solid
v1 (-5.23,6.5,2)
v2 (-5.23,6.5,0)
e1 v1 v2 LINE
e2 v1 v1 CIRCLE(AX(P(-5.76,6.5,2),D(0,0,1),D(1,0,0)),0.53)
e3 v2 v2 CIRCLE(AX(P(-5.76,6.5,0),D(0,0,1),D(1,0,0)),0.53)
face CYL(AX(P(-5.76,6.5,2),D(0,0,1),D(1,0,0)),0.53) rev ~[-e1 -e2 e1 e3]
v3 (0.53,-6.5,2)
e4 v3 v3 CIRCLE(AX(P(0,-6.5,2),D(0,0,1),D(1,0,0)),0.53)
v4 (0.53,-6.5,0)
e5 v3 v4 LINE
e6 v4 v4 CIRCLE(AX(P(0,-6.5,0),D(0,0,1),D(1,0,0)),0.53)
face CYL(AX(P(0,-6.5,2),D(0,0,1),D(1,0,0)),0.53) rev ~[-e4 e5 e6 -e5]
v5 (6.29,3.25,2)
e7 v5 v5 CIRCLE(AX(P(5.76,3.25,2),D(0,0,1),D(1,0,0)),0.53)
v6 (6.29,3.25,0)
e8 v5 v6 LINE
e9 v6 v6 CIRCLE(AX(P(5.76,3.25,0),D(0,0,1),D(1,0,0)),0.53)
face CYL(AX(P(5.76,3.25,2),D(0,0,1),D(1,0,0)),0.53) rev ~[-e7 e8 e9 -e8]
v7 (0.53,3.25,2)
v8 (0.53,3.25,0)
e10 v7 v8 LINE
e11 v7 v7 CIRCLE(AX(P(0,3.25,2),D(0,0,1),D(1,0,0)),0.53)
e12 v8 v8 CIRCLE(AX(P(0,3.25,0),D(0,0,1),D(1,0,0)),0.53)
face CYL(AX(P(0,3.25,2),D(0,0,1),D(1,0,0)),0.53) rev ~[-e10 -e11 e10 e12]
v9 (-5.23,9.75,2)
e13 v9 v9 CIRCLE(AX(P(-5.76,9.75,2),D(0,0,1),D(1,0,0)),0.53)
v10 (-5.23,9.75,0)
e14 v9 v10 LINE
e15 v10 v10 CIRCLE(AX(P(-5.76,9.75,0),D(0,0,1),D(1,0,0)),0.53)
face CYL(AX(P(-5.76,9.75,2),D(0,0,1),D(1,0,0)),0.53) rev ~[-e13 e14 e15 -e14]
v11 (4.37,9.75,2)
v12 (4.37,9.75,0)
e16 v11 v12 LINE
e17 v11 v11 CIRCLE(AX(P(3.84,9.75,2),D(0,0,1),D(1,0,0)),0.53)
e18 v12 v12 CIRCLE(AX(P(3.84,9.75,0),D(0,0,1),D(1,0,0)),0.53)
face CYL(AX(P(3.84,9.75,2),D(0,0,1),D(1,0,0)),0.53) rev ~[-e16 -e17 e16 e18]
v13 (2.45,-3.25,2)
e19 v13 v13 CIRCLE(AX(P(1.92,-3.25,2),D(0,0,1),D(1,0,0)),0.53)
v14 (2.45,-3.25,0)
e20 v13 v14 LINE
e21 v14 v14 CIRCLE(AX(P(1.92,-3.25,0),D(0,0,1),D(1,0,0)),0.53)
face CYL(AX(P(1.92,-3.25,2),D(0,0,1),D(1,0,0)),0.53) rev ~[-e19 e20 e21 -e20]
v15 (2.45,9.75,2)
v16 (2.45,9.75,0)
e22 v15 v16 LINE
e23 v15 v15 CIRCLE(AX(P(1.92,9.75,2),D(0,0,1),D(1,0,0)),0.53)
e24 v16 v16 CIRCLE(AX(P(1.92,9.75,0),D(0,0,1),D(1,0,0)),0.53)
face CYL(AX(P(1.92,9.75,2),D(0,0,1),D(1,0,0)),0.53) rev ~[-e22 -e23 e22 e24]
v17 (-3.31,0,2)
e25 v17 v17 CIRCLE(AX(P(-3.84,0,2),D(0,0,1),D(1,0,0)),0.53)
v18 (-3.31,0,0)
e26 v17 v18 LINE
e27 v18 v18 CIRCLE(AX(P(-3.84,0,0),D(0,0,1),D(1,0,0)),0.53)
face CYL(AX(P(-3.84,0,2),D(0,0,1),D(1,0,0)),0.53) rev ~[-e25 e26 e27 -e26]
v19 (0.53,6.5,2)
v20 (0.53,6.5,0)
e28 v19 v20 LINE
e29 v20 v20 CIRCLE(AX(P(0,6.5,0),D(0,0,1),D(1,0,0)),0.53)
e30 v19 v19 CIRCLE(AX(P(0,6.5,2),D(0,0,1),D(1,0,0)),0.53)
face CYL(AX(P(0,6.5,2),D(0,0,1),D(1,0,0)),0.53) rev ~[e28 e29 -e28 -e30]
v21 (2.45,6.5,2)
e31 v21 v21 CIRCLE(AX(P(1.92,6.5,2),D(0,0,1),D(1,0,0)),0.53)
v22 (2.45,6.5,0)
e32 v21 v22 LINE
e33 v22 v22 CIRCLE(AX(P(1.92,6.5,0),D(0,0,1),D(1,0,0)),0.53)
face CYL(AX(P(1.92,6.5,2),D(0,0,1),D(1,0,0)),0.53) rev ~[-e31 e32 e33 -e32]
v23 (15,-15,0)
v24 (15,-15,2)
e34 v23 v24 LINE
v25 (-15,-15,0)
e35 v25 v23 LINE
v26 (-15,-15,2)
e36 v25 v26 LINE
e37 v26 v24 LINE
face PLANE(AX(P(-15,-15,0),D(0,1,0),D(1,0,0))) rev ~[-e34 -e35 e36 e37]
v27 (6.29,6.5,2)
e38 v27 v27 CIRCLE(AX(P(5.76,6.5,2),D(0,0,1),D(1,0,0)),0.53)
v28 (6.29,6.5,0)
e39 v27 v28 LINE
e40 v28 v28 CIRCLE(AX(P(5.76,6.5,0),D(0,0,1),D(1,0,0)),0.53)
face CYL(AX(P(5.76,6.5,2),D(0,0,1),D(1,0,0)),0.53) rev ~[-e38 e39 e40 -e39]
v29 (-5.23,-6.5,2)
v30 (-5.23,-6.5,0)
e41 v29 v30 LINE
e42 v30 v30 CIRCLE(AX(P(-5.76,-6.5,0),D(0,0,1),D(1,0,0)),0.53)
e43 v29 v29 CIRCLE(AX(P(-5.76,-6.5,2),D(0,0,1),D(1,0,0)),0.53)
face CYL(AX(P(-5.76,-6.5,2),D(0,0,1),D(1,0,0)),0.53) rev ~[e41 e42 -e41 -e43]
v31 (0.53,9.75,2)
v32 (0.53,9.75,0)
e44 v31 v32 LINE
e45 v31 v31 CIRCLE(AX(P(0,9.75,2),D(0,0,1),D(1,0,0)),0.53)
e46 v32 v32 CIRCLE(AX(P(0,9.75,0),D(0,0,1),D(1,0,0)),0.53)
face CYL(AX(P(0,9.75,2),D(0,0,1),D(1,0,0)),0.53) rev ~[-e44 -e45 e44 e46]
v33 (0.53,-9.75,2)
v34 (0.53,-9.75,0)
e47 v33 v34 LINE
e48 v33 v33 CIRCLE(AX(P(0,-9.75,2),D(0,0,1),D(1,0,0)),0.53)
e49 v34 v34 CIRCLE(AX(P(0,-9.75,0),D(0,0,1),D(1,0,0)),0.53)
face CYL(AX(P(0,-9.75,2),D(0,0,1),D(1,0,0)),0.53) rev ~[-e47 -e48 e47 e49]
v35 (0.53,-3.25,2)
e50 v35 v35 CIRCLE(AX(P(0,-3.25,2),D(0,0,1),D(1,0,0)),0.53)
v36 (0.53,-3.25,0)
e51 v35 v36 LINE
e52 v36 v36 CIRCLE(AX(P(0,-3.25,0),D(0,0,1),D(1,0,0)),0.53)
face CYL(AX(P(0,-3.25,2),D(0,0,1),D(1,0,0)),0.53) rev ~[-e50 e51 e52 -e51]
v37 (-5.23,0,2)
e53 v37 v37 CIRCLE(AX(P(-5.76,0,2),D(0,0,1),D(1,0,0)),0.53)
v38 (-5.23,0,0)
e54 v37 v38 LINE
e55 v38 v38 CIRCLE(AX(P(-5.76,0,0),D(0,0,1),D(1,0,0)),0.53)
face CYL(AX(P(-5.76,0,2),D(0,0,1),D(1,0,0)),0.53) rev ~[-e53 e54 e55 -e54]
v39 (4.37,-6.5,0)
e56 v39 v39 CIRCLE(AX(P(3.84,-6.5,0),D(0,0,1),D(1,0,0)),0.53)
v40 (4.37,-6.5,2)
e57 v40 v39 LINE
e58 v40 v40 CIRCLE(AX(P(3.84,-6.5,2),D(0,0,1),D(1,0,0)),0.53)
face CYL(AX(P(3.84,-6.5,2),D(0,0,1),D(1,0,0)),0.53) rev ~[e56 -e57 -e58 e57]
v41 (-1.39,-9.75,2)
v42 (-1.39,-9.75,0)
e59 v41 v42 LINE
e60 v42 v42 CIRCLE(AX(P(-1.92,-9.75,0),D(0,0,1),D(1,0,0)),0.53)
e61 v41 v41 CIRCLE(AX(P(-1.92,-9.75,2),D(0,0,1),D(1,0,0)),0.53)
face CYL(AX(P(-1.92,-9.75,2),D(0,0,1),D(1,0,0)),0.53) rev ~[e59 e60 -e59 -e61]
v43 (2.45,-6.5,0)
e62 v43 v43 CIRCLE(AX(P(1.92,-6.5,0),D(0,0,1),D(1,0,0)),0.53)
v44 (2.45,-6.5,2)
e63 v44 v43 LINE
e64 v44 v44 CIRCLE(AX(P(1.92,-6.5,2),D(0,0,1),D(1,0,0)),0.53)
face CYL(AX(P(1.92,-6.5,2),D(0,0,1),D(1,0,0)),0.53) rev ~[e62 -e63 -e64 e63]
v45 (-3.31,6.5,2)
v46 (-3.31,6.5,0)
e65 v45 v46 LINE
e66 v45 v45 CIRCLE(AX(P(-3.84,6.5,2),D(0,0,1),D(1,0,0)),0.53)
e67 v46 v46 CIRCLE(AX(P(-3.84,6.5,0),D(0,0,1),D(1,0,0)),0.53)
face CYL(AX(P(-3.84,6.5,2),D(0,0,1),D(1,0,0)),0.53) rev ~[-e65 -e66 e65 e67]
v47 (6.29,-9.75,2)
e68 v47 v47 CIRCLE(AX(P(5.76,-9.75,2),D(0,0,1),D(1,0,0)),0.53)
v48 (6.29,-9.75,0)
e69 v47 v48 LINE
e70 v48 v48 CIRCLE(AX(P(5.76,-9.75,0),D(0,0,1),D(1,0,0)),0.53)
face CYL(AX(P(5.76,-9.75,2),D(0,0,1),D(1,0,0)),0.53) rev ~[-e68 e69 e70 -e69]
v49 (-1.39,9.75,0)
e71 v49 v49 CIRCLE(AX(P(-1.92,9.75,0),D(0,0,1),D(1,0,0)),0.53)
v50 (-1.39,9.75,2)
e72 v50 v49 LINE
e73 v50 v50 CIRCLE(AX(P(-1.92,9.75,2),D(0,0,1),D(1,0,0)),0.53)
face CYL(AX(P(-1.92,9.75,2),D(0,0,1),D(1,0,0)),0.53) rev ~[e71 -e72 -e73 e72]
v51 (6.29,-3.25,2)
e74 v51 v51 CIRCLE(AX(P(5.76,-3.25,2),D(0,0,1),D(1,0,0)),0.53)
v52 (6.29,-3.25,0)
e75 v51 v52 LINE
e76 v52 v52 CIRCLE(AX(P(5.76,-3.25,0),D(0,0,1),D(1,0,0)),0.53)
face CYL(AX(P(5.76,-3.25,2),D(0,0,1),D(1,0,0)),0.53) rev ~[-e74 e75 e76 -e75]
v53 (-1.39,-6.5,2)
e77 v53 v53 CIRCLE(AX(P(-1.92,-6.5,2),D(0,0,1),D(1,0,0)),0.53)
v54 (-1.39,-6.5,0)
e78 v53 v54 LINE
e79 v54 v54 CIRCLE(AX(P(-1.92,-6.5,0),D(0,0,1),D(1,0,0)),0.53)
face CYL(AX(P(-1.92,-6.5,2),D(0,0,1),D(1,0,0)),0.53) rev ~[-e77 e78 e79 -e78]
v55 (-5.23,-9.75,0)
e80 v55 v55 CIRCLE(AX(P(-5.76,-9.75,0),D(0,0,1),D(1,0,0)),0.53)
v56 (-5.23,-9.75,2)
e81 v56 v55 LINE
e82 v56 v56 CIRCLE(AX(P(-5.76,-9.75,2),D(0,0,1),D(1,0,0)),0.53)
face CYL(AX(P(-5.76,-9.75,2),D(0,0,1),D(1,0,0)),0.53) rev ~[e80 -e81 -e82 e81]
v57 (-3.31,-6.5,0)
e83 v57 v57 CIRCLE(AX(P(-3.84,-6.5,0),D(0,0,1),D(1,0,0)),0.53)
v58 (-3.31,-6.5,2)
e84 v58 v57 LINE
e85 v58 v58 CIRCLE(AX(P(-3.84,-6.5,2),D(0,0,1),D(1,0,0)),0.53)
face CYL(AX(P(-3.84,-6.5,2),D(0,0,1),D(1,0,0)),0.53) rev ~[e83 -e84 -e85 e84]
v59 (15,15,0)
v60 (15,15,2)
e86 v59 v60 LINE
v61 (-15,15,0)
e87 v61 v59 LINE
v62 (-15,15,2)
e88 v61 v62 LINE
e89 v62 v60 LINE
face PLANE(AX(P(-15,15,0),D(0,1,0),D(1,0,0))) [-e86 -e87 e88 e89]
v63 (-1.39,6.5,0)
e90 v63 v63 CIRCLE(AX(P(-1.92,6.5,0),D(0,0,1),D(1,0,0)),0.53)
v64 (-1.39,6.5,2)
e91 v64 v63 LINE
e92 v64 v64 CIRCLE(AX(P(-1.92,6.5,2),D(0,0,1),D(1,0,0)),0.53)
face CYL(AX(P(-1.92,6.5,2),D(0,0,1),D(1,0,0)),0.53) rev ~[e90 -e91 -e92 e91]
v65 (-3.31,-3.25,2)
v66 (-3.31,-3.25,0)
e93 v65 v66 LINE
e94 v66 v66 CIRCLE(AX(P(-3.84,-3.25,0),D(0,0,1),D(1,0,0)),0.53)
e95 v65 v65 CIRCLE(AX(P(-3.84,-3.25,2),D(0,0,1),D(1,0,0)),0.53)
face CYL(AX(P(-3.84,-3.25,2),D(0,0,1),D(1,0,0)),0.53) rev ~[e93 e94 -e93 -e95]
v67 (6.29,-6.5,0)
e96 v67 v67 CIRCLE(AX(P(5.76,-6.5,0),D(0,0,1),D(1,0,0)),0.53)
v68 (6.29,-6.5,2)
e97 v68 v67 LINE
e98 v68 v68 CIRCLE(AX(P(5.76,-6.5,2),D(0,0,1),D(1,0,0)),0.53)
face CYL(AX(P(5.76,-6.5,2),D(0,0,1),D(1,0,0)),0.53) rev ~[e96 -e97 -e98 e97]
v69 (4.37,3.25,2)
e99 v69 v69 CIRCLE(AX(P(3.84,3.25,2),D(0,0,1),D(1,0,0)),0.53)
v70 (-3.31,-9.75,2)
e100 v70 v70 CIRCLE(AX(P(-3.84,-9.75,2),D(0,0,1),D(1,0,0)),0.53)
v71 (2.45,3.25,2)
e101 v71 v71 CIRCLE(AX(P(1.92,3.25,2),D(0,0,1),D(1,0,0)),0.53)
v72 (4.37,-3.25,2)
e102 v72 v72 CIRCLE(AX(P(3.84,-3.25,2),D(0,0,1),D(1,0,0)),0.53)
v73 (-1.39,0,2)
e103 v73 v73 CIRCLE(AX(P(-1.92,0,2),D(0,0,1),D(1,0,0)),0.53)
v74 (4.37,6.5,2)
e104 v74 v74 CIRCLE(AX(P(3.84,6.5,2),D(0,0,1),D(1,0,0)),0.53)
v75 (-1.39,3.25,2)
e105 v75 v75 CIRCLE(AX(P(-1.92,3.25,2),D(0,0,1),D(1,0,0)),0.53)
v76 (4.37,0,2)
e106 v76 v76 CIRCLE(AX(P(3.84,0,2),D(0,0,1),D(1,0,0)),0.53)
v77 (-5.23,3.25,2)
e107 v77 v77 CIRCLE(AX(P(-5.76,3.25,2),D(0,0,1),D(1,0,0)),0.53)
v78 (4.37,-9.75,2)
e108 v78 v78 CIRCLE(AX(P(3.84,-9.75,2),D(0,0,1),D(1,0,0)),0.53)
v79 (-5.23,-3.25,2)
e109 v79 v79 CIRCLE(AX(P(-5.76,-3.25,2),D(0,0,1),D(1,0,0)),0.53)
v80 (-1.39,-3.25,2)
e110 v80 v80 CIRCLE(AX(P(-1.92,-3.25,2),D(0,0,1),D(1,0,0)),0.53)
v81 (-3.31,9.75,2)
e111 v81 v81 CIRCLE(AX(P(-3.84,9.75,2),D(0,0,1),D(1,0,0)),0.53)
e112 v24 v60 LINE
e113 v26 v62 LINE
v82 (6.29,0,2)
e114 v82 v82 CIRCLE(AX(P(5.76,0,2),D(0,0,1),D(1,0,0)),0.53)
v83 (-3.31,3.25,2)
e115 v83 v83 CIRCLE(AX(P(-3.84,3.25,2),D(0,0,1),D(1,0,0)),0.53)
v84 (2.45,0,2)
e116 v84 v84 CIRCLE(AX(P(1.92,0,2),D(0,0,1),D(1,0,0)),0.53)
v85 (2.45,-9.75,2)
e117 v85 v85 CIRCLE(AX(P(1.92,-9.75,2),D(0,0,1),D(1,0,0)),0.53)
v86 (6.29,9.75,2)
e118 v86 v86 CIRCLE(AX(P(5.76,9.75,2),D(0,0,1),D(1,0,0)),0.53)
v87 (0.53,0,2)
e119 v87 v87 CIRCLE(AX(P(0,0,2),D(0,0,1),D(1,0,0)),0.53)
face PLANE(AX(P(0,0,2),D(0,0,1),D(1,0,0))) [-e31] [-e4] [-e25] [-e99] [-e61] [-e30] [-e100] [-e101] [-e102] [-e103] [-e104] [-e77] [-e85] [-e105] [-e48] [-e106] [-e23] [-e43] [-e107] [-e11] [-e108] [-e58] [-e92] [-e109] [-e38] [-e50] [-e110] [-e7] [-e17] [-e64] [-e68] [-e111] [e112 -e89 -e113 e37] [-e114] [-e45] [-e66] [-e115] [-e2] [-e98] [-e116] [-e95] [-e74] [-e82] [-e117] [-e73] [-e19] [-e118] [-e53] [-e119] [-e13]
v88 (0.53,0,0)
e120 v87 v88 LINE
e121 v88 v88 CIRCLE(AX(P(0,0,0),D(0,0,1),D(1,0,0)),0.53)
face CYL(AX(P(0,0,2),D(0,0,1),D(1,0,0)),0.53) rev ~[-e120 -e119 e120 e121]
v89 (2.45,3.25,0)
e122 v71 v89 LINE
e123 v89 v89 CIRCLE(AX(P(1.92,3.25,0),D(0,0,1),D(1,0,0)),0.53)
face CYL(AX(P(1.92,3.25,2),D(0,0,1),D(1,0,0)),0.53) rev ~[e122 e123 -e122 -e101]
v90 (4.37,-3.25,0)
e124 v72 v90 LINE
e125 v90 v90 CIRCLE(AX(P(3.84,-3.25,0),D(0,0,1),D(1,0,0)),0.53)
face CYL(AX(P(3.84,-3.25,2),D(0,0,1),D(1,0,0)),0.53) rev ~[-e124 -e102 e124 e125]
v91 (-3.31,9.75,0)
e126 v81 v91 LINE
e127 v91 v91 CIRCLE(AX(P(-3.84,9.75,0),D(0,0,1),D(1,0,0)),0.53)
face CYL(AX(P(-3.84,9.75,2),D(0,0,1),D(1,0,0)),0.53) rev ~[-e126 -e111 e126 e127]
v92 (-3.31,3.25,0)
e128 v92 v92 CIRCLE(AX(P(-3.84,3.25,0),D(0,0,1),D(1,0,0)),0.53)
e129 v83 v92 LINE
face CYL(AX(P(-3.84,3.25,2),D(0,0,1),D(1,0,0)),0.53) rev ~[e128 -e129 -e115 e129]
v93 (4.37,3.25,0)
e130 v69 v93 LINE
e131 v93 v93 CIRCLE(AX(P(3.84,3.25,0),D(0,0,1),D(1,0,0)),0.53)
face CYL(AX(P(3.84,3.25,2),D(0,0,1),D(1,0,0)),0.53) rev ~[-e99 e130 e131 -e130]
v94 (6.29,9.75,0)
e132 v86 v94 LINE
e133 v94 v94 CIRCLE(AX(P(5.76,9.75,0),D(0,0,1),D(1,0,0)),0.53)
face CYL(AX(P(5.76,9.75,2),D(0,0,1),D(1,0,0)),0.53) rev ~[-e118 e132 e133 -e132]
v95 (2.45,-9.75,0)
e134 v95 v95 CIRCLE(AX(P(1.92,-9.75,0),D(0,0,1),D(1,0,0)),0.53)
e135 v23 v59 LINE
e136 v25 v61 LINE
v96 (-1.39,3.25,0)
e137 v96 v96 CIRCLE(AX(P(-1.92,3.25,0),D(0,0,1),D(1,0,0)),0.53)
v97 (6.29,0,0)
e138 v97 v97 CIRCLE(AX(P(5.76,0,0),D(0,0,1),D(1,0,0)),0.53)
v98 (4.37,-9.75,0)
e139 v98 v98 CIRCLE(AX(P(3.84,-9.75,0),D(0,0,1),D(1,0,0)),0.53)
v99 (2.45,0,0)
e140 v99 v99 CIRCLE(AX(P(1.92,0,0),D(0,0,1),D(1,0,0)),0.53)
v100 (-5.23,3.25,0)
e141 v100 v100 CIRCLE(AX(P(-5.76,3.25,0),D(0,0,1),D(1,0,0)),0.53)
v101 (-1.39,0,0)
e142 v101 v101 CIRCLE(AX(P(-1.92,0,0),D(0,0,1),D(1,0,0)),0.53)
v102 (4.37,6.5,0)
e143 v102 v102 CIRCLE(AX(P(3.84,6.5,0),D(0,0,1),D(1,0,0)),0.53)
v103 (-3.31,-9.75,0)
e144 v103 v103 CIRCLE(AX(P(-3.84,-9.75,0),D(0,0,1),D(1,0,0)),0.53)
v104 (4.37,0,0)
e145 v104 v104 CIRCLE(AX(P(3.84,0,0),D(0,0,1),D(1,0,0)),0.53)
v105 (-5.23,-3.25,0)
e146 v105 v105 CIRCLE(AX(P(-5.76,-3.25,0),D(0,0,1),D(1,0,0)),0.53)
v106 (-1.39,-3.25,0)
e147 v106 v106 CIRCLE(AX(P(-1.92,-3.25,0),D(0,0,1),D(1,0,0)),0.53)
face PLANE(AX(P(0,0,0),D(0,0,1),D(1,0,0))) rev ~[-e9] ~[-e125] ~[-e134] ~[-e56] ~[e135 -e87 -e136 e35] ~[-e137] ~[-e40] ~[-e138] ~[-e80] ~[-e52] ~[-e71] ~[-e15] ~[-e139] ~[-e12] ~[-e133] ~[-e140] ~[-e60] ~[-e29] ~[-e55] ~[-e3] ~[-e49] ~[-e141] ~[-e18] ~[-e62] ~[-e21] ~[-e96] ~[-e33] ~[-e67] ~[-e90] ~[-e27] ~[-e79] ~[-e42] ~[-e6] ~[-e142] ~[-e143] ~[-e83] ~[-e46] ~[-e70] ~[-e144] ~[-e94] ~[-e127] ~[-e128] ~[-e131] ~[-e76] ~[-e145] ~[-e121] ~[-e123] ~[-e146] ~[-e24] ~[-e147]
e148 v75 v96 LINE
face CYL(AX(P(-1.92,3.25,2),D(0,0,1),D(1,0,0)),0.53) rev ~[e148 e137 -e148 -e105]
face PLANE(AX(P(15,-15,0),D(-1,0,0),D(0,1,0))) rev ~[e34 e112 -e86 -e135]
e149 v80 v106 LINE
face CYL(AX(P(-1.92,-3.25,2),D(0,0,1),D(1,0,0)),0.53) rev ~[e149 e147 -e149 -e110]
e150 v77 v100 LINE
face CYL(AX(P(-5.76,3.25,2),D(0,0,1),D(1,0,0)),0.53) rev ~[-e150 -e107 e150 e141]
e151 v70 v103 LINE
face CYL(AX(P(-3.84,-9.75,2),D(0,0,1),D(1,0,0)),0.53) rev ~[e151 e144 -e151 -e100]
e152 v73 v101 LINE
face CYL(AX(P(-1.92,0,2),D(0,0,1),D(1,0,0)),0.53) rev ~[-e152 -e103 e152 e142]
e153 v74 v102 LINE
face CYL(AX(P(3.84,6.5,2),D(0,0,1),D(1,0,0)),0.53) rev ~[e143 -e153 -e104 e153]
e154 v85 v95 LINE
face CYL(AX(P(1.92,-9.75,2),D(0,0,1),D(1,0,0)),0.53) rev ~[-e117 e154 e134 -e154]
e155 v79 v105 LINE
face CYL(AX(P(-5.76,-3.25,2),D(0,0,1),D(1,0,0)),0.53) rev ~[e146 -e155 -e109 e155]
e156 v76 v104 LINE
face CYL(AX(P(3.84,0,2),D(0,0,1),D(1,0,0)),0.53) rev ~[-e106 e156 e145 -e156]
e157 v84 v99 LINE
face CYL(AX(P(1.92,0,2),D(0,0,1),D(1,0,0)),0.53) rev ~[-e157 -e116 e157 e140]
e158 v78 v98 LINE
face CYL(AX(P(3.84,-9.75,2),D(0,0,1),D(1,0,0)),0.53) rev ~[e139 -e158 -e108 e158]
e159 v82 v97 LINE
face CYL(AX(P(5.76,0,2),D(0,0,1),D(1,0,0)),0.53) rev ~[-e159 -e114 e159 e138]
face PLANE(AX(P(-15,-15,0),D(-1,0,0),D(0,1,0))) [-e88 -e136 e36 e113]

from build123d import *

# Parameters (mm, degrees)
ESQUISSE1_W            = 30
ESQUISSE1_H            = 30
BASE_PLATE_DEPTH       = 2
SKETCH_PERFORATIONS_R  = 0.53
CUT_PERFORATIONS_DEPTH = 10


with BuildPart() as part:
    # Esquisse1 → Base_Plate (new body)
    with BuildSketch(Plane.XY):
        Rectangle(ESQUISSE1_W, ESQUISSE1_H)
    extrude(amount=BASE_PLATE_DEPTH)

    # Sketch_Perforations → Cut_Perforations (cut)
    with BuildSketch(Plane.XY.offset(2)):
        with Locations((-5.76, -9.75)):
            Circle(SKETCH_PERFORATIONS_R)
        with Locations((-5.76, -6.5)):
            Circle(SKETCH_PERFORATIONS_R)
        with Locations((-5.76, -3.25)):
            Circle(SKETCH_PERFORATIONS_R)
        with Locations((-5.76, 0)):
            Circle(SKETCH_PERFORATIONS_R)
        with Locations((-5.76, 3.25)):
            Circle(SKETCH_PERFORATIONS_R)
        with Locations((-5.76, 6.5)):
            Circle(SKETCH_PERFORATIONS_R)
        with Locations((-5.76, 9.75)):
            Circle(SKETCH_PERFORATIONS_R)
        with Locations((-3.84, -9.75)):
            Circle(SKETCH_PERFORATIONS_R)
        with Locations((-3.84, -6.5)):
            Circle(SKETCH_PERFORATIONS_R)
        with Locations((-3.84, -3.25)):
            Circle(SKETCH_PERFORATIONS_R)
        with Locations((-3.84, 0)):
            Circle(SKETCH_PERFORATIONS_R)
        with Locations((-3.84, 3.25)):
            Circle(SKETCH_PERFORATIONS_R)
        with Locations((-3.84, 6.5)):
            Circle(SKETCH_PERFORATIONS_R)
        with Locations((-3.84, 9.75)):
            Circle(SKETCH_PERFORATIONS_R)
        with Locations((-1.92, -9.75)):
            Circle(SKETCH_PERFORATIONS_R)
        with Locations((-1.92, -6.5)):
            Circle(SKETCH_PERFORATIONS_R)
        with Locations((-1.92, -3.25)):
            Circle(SKETCH_PERFORATIONS_R)
        with Locations((-1.92, 0)):
            Circle(SKETCH_PERFORATIONS_R)
        with Locations((-1.92, 3.25)):
            Circle(SKETCH_PERFORATIONS_R)
        with Locations((-1.92, 6.5)):
            Circle(SKETCH_PERFORATIONS_R)
        with Locations((-1.92, 9.75)):
            Circle(SKETCH_PERFORATIONS_R)
        with Locations((0, -9.75)):
            Circle(SKETCH_PERFORATIONS_R)
        with Locations((0, -6.5)):
            Circle(SKETCH_PERFORATIONS_R)
        with Locations((0, -3.25)):
            Circle(SKETCH_PERFORATIONS_R)
        Circle(SKETCH_PERFORATIONS_R)
        with Locations((0, 3.25)):
            Circle(SKETCH_PERFORATIONS_R)
        with Locations((0, 6.5)):
            Circle(SKETCH_PERFORATIONS_R)
        with Locations((0, 9.75)):
            Circle(SKETCH_PERFORATIONS_R)
        with Locations((1.92, -9.75)):
            Circle(SKETCH_PERFORATIONS_R)
        with Locations((1.92, -6.5)):
            Circle(SKETCH_PERFORATIONS_R)
        with Locations((1.92, -3.25)):
            Circle(SKETCH_PERFORATIONS_R)
        with Locations((1.92, 0)):
            Circle(SKETCH_PERFORATIONS_R)
        with Locations((1.92, 3.25)):
            Circle(SKETCH_PERFORATIONS_R)
        with Locations((1.92, 6.5)):
            Circle(SKETCH_PERFORATIONS_R)
        with Locations((1.92, 9.75)):
            Circle(SKETCH_PERFORATIONS_R)
        with Locations((3.84, -9.75)):
            Circle(SKETCH_PERFORATIONS_R)
        with Locations((3.84, -6.5)):
            Circle(SKETCH_PERFORATIONS_R)
        with Locations((3.84, -3.25)):
            Circle(SKETCH_PERFORATIONS_R)
        with Locations((3.84, 0)):
            Circle(SKETCH_PERFORATIONS_R)
        with Locations((3.84, 3.25)):
            Circle(SKETCH_PERFORATIONS_R)
        with Locations((3.84, 6.5)):
            Circle(SKETCH_PERFORATIONS_R)
        with Locations((3.84, 9.75)):
            Circle(SKETCH_PERFORATIONS_R)
        with Locations((5.76, -9.75)):
            Circle(SKETCH_PERFORATIONS_R)
        with Locations((5.76, -6.5)):
            Circle(SKETCH_PERFORATIONS_R)
        with Locations((5.76, -3.25)):
            Circle(SKETCH_PERFORATIONS_R)
        with Locations((5.76, 0)):
            Circle(SKETCH_PERFORATIONS_R)
        with Locations((5.76, 3.25)):
            Circle(SKETCH_PERFORATIONS_R)
        with Locations((5.76, 6.5)):
            Circle(SKETCH_PERFORATIONS_R)
        with Locations((5.76, 9.75)):
            Circle(SKETCH_PERFORATIONS_R)
    extrude(amount=-CUT_PERFORATIONS_DEPTH, mode=Mode.SUBTRACT)


solid = part.part
